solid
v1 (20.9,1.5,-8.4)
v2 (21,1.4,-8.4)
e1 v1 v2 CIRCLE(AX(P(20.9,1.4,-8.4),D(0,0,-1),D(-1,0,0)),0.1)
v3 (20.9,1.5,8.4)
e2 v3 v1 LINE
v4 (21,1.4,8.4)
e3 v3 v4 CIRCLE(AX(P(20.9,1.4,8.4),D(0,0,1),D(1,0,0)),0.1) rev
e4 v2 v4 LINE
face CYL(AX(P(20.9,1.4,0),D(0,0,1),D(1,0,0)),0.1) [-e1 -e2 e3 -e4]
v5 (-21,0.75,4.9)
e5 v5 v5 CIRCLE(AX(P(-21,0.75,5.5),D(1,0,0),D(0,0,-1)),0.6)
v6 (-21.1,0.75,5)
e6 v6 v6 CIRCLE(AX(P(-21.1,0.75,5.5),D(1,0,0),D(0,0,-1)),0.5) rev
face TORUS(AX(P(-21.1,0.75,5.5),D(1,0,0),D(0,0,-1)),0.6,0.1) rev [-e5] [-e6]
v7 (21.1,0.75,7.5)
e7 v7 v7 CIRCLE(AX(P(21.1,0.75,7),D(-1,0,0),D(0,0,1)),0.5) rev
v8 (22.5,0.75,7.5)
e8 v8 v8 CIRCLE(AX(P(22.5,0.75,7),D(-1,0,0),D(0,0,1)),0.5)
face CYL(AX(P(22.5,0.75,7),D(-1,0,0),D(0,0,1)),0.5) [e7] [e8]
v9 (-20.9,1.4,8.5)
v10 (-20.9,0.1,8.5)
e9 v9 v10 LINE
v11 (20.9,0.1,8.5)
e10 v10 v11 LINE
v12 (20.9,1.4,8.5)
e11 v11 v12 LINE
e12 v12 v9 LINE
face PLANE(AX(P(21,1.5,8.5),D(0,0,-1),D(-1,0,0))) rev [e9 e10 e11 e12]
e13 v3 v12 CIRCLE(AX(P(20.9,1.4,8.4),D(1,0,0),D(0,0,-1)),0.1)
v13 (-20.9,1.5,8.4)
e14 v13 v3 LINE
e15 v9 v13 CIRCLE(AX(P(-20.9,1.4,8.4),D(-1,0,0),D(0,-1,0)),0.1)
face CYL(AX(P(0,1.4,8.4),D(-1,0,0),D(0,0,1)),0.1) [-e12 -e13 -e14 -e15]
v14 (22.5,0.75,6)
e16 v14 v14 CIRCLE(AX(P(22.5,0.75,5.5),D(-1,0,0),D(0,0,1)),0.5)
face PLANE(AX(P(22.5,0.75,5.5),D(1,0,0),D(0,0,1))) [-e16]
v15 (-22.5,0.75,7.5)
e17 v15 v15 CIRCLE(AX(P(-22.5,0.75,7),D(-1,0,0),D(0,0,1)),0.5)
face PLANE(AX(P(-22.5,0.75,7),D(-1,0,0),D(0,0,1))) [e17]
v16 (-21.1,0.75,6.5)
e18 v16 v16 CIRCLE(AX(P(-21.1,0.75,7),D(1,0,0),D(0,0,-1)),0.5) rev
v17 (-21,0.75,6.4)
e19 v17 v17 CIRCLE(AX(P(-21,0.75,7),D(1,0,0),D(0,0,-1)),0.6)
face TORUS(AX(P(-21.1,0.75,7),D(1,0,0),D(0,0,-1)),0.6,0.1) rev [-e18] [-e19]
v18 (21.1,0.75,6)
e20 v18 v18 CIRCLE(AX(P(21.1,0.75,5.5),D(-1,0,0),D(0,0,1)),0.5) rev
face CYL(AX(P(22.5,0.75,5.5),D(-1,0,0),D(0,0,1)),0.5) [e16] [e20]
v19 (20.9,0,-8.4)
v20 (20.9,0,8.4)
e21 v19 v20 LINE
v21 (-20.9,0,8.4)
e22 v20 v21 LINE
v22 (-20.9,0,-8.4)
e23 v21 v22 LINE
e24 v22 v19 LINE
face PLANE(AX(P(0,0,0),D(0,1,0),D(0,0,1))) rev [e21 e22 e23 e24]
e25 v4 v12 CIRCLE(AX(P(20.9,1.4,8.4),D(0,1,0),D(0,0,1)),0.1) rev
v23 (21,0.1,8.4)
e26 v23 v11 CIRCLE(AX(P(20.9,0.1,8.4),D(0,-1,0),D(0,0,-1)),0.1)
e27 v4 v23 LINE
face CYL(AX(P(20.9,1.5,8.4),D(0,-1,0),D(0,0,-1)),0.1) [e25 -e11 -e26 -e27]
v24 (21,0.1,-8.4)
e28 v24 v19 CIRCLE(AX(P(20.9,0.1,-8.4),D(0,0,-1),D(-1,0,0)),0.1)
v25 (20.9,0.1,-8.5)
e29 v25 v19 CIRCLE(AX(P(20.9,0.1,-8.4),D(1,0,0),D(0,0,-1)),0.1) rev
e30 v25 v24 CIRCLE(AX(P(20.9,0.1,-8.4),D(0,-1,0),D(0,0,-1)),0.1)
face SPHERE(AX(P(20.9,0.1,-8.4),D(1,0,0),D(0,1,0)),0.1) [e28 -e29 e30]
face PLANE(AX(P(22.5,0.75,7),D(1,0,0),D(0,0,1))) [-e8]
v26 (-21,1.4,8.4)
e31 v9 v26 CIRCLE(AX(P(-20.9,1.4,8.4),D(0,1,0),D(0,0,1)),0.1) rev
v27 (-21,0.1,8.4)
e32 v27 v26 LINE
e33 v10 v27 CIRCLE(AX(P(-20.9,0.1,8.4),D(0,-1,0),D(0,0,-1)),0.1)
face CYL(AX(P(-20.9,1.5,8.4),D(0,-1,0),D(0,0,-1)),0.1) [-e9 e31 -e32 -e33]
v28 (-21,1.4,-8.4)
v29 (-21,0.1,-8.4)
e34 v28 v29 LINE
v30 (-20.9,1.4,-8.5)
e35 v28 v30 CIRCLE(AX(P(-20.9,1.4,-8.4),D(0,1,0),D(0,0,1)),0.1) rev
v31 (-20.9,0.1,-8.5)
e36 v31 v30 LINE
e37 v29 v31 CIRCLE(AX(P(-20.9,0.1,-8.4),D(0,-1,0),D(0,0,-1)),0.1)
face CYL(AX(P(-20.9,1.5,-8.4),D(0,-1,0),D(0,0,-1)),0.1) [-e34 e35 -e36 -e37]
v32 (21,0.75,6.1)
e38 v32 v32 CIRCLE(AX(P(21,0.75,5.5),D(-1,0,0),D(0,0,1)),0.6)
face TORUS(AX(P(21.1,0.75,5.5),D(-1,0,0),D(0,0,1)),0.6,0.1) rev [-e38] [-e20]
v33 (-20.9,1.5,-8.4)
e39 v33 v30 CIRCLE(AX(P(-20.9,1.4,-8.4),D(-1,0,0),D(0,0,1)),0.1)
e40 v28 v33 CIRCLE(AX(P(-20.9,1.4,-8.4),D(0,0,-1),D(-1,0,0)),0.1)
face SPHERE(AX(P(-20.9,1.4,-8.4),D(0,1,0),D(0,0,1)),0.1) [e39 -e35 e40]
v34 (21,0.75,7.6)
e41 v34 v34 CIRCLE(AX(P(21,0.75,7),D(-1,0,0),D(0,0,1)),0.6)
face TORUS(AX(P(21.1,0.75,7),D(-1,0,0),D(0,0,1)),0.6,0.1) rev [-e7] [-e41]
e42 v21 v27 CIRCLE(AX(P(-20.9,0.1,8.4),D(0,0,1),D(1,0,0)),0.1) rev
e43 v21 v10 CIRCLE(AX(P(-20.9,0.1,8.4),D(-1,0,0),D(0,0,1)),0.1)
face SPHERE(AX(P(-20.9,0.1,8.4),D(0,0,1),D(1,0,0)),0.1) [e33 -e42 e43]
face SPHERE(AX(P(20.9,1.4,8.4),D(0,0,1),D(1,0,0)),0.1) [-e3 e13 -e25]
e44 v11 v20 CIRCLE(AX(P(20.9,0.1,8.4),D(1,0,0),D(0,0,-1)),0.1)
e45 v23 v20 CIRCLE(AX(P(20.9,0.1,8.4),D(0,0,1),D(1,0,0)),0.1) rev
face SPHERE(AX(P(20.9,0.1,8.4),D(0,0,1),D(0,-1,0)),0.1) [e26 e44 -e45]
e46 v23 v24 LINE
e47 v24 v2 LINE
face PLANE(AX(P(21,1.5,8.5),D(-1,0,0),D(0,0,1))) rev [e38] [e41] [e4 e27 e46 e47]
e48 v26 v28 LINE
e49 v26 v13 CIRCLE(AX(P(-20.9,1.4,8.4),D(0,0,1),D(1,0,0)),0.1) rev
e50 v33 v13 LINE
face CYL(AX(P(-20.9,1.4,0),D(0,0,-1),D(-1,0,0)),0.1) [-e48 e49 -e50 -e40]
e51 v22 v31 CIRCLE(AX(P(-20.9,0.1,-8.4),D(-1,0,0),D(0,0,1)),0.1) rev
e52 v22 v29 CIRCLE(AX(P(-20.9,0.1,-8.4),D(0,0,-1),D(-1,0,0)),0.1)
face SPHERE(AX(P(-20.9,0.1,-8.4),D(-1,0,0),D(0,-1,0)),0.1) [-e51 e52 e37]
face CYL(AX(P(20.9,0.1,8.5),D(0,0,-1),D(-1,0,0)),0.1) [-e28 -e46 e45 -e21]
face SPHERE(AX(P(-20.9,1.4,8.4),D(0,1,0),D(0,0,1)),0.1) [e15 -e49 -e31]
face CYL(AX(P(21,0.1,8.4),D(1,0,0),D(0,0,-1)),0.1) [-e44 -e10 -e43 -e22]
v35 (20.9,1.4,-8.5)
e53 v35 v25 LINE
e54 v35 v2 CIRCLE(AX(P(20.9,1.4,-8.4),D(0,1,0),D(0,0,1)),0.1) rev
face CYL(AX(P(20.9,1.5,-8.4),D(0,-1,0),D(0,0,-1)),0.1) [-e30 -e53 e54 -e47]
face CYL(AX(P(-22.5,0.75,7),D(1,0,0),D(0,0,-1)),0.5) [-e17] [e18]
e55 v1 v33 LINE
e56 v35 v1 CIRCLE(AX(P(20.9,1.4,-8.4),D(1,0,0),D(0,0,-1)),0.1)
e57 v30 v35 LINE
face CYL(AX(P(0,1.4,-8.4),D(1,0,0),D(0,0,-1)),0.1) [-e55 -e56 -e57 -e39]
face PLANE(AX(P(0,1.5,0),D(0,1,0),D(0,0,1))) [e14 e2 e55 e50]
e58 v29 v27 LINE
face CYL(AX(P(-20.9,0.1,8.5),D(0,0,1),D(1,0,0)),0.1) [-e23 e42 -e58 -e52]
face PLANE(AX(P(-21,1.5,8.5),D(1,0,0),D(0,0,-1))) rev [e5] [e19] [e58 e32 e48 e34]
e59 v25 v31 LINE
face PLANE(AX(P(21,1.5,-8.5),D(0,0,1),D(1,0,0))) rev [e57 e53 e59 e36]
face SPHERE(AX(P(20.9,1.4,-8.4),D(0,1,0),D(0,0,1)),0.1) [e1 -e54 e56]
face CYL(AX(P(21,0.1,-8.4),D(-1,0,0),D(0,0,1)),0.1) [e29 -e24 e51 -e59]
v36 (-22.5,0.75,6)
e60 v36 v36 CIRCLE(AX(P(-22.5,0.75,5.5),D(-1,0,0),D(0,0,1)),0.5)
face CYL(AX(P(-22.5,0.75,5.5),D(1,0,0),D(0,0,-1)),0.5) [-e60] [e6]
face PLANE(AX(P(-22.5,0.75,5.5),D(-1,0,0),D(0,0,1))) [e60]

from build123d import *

# Parameters (mm, degrees)
SKETCH1_W           = 42
SKETCH1_H           = 17
BOSS_EXTRUDE1_DEPTH = 1.5
SKETCH2_R           = 0.5
BOSS_EXTRUDE2_DEPTH = 1.5
FILLET1_R           = 0.1


with BuildPart() as part:
    # Sketch1 → Boss-Extrude1 (new body)
    with BuildSketch(Plane(origin=(0, 0, 0), x_dir=(1, 0, 0), z_dir=(0, 1, 0))):
        Rectangle(SKETCH1_W, SKETCH1_H)
    extrude(amount=BOSS_EXTRUDE1_DEPTH)

    # Sketch2 → Boss-Extrude2 (add)
    with BuildSketch(Plane.ZY.offset(21)):
        with Locations(Location((5.5, 0.75, 0), (0, 0, 180))):
            Circle(SKETCH2_R)
        with Locations(Location((7, 0.75, 0), (0, 0, 180))):
            Circle(SKETCH2_R)
    boss_extrude2 = extrude(amount=BOSS_EXTRUDE2_DEPTH)

    # Mirror1: Boss-Extrude2 across plane
    add(boss_extrude2.mirror(Plane(origin=(0, 0, 0), x_dir=(0, 0, 1), z_dir=(1, 0, 0))))

    # Fillet1
    fillet1_edges = [part.edges().sort_by_distance(p)[0] for p in [
        (21, 1.5, 0),
        (-21, 0.75, 7.5),
        (-21, 0.75, 6),
        (0, 1.5, -8.5),
        (21, 0.75, 6),
        (21, 0.75, 7.5),
        (-21, 1.5, 0),
        (0, 0, -8.5),
        (21, 0, 0),
        (0, 0, 8.5),
        (-21, 0, 0),
        (-21, 0.75, -8.5),
        (21, 0.75, -8.5),
        (21, 0.75, 8.5),
        (-21, 0.75, 8.5),
        (0, 1.5, 8.5),
    ]]
    fillet(fillet1_edges, radius=FILLET1_R)


solid = part.part
